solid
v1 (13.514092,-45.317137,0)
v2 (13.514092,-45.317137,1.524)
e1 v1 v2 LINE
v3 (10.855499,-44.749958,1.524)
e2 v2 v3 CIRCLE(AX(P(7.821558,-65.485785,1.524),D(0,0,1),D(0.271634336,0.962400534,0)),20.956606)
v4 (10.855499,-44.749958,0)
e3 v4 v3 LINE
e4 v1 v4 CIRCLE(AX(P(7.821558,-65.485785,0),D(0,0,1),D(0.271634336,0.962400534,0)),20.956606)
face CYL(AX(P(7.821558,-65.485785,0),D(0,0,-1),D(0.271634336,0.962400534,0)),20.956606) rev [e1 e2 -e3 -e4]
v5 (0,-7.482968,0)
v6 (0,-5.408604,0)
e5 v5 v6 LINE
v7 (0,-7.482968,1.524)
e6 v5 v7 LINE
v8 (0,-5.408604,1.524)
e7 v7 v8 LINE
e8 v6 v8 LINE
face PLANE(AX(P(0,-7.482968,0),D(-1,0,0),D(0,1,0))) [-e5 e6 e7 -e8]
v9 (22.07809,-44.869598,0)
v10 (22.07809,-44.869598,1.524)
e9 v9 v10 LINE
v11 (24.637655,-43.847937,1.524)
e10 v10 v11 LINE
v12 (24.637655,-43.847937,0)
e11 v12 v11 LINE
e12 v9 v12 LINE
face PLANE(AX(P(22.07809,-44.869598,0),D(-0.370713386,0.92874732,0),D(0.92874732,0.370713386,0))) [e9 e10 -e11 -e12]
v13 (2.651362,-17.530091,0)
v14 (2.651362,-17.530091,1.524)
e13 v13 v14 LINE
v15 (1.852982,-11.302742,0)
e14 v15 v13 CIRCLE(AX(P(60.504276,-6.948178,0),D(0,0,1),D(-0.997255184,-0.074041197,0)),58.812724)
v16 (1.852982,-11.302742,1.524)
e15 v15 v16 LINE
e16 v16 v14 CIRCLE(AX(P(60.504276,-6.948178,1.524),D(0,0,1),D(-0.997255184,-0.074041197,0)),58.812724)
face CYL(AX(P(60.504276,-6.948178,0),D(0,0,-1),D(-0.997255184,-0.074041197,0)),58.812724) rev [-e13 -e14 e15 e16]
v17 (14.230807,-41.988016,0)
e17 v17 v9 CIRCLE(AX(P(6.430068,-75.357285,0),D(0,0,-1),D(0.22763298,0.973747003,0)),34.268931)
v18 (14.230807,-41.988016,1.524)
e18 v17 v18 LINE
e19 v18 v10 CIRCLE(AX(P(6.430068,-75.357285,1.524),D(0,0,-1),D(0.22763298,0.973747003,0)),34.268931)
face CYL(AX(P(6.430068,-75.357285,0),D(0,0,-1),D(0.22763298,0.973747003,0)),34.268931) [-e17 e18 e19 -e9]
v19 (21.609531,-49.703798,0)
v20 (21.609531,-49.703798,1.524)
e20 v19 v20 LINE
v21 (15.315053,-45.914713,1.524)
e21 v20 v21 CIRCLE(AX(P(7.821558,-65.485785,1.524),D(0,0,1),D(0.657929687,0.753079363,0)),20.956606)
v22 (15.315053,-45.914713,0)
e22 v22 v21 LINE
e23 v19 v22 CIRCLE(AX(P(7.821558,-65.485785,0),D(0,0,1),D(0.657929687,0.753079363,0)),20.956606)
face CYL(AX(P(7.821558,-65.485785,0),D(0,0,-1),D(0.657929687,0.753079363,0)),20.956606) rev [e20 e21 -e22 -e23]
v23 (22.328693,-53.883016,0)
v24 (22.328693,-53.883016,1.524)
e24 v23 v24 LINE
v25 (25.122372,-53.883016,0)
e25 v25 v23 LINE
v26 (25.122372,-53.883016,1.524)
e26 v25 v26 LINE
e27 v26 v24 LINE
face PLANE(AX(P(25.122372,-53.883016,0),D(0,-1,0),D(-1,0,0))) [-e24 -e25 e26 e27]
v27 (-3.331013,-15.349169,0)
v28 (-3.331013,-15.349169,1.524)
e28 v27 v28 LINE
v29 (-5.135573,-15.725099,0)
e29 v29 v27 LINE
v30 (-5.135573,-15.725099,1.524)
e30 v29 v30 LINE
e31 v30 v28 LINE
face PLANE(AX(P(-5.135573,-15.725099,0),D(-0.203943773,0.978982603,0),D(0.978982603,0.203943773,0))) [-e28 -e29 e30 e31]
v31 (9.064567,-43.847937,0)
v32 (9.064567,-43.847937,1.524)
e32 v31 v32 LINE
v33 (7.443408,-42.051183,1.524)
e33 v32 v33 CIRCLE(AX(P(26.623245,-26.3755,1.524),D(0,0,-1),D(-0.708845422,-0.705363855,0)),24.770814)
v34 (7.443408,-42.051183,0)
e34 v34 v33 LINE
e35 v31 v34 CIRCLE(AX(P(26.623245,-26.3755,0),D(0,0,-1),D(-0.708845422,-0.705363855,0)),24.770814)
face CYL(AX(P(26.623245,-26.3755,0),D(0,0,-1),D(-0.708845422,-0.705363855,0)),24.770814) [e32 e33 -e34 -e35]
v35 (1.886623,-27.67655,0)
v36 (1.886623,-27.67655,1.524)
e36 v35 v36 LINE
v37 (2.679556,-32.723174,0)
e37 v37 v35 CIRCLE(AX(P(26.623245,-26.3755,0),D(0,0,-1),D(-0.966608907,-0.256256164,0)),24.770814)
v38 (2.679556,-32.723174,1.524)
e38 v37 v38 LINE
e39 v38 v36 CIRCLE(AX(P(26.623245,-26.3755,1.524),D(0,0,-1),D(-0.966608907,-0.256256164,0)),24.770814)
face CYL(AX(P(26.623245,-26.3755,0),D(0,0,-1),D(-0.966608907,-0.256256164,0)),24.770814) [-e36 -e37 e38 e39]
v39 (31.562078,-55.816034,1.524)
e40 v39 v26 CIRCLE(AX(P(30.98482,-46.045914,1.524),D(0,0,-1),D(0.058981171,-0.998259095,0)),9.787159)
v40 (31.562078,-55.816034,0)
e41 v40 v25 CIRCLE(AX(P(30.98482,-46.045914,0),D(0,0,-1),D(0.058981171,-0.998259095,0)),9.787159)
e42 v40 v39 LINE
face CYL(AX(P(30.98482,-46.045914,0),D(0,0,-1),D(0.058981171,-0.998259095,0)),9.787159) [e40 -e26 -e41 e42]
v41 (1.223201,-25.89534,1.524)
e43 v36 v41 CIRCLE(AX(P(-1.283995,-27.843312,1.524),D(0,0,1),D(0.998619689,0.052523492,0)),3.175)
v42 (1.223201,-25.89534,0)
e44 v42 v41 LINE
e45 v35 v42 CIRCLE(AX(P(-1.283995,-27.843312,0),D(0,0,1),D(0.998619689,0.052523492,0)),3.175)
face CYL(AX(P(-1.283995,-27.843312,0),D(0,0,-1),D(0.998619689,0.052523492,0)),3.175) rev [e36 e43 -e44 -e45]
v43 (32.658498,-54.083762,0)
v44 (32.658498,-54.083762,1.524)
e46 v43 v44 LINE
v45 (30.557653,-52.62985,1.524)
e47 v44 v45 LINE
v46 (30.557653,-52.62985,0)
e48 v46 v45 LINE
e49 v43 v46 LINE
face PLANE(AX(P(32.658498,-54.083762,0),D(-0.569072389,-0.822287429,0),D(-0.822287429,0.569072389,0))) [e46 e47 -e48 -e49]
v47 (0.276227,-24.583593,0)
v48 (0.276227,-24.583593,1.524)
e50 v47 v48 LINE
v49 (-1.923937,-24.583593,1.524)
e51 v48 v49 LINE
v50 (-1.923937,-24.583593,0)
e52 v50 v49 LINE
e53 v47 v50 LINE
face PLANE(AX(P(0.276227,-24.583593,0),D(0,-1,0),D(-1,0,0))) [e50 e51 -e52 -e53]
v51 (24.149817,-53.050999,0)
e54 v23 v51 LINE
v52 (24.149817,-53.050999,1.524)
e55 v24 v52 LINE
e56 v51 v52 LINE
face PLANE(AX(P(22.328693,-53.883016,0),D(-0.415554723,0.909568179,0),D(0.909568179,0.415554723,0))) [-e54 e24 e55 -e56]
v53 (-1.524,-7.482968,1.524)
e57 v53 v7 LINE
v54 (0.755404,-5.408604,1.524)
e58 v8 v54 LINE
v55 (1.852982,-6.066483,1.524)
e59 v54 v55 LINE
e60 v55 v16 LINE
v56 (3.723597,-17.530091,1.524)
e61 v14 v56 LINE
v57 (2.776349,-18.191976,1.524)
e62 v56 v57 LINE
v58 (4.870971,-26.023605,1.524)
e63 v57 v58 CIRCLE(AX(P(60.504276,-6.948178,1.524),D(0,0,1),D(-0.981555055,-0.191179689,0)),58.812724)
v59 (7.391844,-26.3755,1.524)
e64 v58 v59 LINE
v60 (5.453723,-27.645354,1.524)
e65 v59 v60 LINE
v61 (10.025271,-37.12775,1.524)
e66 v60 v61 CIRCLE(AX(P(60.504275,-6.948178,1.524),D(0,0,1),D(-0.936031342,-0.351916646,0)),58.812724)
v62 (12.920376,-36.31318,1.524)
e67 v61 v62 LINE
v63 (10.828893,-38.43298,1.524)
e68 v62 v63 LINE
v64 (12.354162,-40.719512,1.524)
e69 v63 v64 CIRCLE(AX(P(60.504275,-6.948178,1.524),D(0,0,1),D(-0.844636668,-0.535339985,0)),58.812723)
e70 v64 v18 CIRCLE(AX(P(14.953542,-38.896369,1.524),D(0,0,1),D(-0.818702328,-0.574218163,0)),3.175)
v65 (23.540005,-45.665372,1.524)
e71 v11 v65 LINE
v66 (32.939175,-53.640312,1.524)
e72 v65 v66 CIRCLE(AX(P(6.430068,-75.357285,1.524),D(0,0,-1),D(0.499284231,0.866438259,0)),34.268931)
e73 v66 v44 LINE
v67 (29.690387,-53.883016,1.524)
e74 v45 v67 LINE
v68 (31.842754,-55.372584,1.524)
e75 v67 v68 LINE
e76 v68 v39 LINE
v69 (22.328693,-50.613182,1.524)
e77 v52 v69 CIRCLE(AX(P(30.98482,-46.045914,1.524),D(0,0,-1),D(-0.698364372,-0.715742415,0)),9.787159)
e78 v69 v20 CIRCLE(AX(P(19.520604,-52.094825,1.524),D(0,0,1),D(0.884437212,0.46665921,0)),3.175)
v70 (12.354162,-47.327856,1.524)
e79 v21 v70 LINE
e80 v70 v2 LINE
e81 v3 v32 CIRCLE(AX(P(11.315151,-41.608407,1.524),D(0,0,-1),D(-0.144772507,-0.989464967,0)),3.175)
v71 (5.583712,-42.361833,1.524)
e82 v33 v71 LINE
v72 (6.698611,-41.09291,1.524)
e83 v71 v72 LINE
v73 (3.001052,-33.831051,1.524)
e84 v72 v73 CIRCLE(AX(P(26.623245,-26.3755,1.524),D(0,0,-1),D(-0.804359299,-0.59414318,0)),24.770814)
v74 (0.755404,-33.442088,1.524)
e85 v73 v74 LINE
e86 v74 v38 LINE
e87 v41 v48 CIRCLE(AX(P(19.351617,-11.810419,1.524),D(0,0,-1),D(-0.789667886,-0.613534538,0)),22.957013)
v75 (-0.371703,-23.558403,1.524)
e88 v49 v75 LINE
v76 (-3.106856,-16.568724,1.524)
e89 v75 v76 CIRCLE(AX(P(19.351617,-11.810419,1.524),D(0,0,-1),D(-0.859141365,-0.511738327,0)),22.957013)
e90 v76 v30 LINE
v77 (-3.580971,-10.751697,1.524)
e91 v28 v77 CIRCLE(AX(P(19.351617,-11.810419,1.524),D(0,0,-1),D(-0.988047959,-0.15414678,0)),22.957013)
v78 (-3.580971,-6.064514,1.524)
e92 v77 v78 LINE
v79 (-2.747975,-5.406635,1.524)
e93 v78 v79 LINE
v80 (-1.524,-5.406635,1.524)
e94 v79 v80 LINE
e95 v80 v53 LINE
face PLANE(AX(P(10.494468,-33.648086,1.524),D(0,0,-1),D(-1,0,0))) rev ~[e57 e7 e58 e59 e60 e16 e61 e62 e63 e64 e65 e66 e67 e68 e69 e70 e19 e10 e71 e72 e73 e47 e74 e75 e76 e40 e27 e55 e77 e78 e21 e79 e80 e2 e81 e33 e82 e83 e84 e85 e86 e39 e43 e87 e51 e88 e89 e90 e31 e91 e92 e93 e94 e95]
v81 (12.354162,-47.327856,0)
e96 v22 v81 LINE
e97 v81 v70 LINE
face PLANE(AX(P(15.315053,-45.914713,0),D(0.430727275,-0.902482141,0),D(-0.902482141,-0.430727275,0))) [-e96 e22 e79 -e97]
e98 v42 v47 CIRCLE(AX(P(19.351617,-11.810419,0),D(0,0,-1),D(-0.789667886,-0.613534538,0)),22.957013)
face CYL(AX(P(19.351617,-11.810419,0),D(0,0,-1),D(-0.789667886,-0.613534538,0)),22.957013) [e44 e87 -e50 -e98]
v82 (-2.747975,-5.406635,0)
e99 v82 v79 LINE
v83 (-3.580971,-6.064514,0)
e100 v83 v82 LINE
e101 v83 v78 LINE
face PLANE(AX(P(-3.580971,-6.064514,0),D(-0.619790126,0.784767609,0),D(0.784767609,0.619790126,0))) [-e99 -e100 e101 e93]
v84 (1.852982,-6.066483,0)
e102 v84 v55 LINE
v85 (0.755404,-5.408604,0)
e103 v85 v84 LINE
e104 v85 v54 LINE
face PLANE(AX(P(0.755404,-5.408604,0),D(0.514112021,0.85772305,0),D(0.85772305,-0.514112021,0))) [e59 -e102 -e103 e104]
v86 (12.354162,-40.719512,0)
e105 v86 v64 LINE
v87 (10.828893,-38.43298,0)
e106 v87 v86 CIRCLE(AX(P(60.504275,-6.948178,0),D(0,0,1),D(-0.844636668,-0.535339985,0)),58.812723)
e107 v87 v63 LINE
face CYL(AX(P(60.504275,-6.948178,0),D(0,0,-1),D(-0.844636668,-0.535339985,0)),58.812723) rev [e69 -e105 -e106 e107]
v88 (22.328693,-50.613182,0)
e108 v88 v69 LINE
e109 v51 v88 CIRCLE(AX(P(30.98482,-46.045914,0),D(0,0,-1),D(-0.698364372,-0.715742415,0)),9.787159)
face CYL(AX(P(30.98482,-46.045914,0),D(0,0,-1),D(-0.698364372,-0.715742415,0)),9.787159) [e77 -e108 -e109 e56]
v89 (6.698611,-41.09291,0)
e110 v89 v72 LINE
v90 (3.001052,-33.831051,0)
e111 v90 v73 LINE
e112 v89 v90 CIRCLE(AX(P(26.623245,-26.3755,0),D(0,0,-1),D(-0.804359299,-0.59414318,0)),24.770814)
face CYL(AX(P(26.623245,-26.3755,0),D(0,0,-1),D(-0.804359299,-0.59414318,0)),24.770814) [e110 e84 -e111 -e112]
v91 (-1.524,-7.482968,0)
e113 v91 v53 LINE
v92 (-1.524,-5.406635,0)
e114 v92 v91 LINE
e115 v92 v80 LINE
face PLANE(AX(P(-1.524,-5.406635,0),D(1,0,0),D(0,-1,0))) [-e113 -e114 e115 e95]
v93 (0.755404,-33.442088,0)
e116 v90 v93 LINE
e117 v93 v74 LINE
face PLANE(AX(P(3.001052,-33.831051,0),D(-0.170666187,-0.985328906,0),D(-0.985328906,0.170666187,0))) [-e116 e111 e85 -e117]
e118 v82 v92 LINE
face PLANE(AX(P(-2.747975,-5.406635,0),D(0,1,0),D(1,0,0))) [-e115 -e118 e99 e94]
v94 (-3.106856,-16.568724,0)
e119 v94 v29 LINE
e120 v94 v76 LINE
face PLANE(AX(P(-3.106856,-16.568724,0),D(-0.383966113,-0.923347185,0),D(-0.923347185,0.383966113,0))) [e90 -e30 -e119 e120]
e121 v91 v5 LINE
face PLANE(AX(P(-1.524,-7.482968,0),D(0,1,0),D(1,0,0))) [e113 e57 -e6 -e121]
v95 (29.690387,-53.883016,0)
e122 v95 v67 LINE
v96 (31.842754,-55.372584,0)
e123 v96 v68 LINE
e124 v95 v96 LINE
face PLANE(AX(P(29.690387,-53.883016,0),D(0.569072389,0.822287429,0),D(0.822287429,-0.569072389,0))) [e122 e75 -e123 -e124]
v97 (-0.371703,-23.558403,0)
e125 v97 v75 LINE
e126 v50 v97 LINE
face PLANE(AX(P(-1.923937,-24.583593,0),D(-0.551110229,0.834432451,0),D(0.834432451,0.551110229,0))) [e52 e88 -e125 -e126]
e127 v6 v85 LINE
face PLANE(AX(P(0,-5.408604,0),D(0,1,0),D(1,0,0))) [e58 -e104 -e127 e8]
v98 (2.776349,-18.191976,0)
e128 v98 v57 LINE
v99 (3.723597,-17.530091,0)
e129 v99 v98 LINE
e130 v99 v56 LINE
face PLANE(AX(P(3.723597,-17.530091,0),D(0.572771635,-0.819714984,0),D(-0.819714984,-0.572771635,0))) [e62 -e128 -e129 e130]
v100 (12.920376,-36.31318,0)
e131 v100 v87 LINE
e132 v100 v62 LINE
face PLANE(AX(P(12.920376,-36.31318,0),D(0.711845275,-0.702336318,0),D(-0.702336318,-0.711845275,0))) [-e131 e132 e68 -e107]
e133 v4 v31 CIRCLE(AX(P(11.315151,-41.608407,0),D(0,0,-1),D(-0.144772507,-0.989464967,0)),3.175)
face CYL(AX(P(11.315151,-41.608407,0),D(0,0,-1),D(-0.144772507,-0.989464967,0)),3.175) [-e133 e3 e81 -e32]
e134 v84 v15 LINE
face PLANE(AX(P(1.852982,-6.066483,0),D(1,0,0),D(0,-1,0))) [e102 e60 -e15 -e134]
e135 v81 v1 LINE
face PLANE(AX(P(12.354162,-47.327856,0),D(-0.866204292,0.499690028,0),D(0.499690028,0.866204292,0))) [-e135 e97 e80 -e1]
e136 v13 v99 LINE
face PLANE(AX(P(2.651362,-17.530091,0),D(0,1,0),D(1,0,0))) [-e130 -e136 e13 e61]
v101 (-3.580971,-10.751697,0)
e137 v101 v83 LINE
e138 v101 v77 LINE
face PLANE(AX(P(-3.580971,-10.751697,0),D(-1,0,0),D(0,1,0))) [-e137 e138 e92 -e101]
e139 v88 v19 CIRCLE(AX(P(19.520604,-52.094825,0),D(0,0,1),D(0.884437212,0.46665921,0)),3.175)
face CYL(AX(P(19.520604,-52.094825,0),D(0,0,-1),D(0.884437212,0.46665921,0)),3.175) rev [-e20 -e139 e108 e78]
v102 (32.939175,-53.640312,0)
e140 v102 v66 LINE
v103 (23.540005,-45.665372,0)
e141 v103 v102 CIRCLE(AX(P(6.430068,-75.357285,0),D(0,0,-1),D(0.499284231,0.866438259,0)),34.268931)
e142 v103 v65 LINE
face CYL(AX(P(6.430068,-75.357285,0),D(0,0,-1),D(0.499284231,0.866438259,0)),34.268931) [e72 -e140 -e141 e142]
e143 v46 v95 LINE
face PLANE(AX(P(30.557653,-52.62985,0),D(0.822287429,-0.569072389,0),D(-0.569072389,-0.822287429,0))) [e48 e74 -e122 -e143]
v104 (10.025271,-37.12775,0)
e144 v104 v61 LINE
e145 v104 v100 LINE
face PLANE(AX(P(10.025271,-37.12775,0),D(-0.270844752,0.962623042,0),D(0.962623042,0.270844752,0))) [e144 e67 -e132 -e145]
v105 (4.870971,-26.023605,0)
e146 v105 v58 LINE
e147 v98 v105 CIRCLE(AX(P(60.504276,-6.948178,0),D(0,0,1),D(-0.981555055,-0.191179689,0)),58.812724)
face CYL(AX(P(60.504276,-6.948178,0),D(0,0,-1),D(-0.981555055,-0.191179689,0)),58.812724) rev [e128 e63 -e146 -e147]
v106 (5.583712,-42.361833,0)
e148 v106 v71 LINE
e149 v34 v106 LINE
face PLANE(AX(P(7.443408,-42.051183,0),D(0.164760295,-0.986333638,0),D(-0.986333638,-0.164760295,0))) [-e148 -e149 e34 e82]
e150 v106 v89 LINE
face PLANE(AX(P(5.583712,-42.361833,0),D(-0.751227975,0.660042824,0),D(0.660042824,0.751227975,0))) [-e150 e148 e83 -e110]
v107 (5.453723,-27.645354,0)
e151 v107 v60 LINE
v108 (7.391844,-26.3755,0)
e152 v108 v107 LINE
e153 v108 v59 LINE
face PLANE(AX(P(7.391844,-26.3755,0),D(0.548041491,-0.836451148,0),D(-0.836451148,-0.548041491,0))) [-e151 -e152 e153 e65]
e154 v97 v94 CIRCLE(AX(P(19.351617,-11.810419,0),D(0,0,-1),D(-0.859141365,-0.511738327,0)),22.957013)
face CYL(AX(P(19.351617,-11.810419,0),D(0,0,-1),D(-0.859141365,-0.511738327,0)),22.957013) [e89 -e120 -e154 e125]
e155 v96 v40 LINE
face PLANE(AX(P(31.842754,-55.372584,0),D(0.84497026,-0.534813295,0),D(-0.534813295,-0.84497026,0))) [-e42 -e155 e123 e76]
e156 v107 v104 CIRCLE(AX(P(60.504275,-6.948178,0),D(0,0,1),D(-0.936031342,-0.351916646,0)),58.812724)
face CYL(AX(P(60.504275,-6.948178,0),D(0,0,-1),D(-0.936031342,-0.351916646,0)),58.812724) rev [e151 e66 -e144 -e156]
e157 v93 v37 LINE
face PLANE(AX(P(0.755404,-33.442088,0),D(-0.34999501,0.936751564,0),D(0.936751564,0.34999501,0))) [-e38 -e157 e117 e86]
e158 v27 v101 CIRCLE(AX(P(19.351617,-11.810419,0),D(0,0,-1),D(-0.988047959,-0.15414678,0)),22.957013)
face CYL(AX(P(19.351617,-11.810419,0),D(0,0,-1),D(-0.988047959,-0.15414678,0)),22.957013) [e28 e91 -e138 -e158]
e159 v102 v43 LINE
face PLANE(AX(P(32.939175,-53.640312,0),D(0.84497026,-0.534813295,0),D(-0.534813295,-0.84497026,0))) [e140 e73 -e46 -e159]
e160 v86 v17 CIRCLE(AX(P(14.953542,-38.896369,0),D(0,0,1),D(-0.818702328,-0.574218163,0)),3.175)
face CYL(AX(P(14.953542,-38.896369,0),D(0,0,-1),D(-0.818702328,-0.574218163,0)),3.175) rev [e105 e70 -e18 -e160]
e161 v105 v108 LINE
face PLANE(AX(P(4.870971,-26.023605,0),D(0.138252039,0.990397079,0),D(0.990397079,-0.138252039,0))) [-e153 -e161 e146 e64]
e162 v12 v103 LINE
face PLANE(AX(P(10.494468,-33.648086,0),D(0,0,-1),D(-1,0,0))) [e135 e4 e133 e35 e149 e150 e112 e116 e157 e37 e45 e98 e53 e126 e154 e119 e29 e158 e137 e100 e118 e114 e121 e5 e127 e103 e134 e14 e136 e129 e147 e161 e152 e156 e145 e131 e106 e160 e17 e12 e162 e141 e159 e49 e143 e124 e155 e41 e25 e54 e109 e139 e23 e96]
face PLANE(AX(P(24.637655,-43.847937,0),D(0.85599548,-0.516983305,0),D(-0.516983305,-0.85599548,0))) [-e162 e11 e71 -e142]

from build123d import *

# Parameters (mm, degrees)
BOSS_EXTRUDE1_DEPTH = 1.524


with BuildPart() as part:
    # Sketch1 → Boss-Extrude1 (new body)
    with BuildSketch(Plane.XY):
        with BuildLine():
            Line((0, -7.482967549), (0, -5.408604084))
            Line((0, -5.408604084), (0.755403654, -5.408604084))
            Line((0.755403654, -5.408604084), (1.852982052, -6.066483394))
            Line((1.852982052, -6.066483394), (1.852982052, -11.302742268))
            ThreePointArc((1.852982052, -11.302742268), (2.169015936, -14.427077895), (2.651362341, -17.530091345))
            Line((2.651362341, -17.530091345), (3.723597325, -17.530091345))
            Line((3.723597325, -17.530091345), (2.776349352, -18.191976001))
            ThreePointArc((2.776349352, -18.191976001), (3.688558171, -22.143924571), (4.870971382, -26.023605155))
            Line((4.870971382, -26.023605155), (7.391844245, -26.375500189))
            Line((7.391844245, -26.375500189), (5.453722899, -27.64535428))
            ThreePointArc((5.453722899, -27.64535428), (7.526914303, -32.489040294), (10.025271266, -37.127750167))
            Line((10.025271266, -37.127750167), (12.920376423, -36.313179973))
            Line((12.920376423, -36.313179973), (10.828892653, -38.432980418))
            ThreePointArc((10.828892653, -38.432980418), (11.578167935, -39.585157678), (12.354161774, -40.719511876))
            ThreePointArc((12.354161774, -40.719511876), (13.175512701, -41.52681366), (14.230806956, -41.988015948))
            ThreePointArc((14.230806956, -41.988015948), (18.242644995, -43.188625247), (22.0780899, -44.869598037))
            Line((22.0780899, -44.869598037), (24.637655179, -43.847936826))
            Line((24.637655179, -43.847936826), (23.540004987, -45.665371924))
            ThreePointArc((23.540004987, -45.665371924), (28.601111191, -49.226757072), (32.939174514, -53.640311963))
            Line((32.939174514, -53.640311963), (32.658498476, -54.083761868))
            Line((32.658498476, -54.083761868), (30.557652989, -52.629850356))
            Line((30.557652989, -52.629850356), (29.690386669, -53.883016398))
            Line((29.690386669, -53.883016398), (31.842754445, -55.372584435))
            Line((31.842754445, -55.372584435), (31.562078407, -55.81603434))
            ThreePointArc((31.562078407, -55.81603434), (28.171023999, -55.419868819), (25.12237155, -53.883016398))
            Line((25.12237155, -53.883016398), (22.328692601, -53.883016398))
            Line((22.328692601, -53.883016398), (24.149817082, -53.050998637))
            ThreePointArc((24.149817082, -53.050998637), (23.14393246, -51.90329893), (22.328692601, -50.613181701))
            ThreePointArc((22.328692601, -50.613181701), (22.010972611, -50.125385322), (21.609531214, -49.703797722))
            ThreePointArc((21.609531214, -49.703797722), (18.629634099, -47.531264185), (15.315052581, -45.914712875))
            Line((15.315052581, -45.914712875), (12.354161774, -47.327855997))
            Line((12.354161774, -47.327855997), (13.514091924, -45.317136512))
            ThreePointArc((13.514091924, -45.317136512), (12.19400152, -44.990393779), (10.855498604, -44.749957856))
            ThreePointArc((10.855498604, -44.749957856), (9.886950862, -44.4440491), (9.0645671, -43.847936826))
            ThreePointArc((9.0645671, -43.847936826), (8.232032183, -42.969369623), (7.443407514, -42.051183451))
            Line((7.443407514, -42.051183451), (5.583711581, -42.361832951))
            Line((5.583711581, -42.361832951), (6.698610636, -41.092910194))
            ThreePointArc((6.698610636, -41.092910194), (4.549160992, -37.615074341), (3.001052455, -33.831050562))
            Line((3.001052455, -33.831050562), (0.755403654, -33.442087733))
            Line((0.755403654, -33.442087733), (2.67955584, -32.723173894))
            ThreePointArc((2.67955584, -32.723173894), (2.152644596, -30.220357528), (1.886622718, -27.676549835))
            ThreePointArc((1.886622718, -27.676549835), (1.691331674, -26.735134405), (1.223200745, -25.895339764))
            ThreePointArc((1.223200745, -25.895339764), (0.738155144, -25.247811098), (0.2762274, -24.583593236))
            Line((0.2762274, -24.583593236), (-1.923937021, -24.583593236))
            Line((-1.923937021, -24.583593236), (-0.371702809, -23.55840282))
            ThreePointArc((-0.371702809, -23.55840282), (-2.026872481, -20.176102129), (-3.106855858, -16.568723508))
            Line((-3.106855858, -16.568723508), (-5.135572794, -15.725098738))
            Line((-5.135572794, -15.725098738), (-3.3310132, -15.34916898))
            ThreePointArc((-3.3310132, -15.34916898), (-3.571541774, -13.056715378), (-3.580970503, -10.751697242))
            Line((-3.580970503, -10.751697242), (-3.580970503, -6.064514361))
            Line((-3.580970503, -6.064514361), (-2.747975023, -5.406635051))
            Line((-2.747975023, -5.406635051), (-1.524, -5.406635051))
            Line((-1.524, -5.406635051), (-1.524, -7.482967549))
            Line((-1.524, -7.482967549), (0, -7.482967549))
        make_face()
    extrude(amount=BOSS_EXTRUDE1_DEPTH)


solid = part.part
